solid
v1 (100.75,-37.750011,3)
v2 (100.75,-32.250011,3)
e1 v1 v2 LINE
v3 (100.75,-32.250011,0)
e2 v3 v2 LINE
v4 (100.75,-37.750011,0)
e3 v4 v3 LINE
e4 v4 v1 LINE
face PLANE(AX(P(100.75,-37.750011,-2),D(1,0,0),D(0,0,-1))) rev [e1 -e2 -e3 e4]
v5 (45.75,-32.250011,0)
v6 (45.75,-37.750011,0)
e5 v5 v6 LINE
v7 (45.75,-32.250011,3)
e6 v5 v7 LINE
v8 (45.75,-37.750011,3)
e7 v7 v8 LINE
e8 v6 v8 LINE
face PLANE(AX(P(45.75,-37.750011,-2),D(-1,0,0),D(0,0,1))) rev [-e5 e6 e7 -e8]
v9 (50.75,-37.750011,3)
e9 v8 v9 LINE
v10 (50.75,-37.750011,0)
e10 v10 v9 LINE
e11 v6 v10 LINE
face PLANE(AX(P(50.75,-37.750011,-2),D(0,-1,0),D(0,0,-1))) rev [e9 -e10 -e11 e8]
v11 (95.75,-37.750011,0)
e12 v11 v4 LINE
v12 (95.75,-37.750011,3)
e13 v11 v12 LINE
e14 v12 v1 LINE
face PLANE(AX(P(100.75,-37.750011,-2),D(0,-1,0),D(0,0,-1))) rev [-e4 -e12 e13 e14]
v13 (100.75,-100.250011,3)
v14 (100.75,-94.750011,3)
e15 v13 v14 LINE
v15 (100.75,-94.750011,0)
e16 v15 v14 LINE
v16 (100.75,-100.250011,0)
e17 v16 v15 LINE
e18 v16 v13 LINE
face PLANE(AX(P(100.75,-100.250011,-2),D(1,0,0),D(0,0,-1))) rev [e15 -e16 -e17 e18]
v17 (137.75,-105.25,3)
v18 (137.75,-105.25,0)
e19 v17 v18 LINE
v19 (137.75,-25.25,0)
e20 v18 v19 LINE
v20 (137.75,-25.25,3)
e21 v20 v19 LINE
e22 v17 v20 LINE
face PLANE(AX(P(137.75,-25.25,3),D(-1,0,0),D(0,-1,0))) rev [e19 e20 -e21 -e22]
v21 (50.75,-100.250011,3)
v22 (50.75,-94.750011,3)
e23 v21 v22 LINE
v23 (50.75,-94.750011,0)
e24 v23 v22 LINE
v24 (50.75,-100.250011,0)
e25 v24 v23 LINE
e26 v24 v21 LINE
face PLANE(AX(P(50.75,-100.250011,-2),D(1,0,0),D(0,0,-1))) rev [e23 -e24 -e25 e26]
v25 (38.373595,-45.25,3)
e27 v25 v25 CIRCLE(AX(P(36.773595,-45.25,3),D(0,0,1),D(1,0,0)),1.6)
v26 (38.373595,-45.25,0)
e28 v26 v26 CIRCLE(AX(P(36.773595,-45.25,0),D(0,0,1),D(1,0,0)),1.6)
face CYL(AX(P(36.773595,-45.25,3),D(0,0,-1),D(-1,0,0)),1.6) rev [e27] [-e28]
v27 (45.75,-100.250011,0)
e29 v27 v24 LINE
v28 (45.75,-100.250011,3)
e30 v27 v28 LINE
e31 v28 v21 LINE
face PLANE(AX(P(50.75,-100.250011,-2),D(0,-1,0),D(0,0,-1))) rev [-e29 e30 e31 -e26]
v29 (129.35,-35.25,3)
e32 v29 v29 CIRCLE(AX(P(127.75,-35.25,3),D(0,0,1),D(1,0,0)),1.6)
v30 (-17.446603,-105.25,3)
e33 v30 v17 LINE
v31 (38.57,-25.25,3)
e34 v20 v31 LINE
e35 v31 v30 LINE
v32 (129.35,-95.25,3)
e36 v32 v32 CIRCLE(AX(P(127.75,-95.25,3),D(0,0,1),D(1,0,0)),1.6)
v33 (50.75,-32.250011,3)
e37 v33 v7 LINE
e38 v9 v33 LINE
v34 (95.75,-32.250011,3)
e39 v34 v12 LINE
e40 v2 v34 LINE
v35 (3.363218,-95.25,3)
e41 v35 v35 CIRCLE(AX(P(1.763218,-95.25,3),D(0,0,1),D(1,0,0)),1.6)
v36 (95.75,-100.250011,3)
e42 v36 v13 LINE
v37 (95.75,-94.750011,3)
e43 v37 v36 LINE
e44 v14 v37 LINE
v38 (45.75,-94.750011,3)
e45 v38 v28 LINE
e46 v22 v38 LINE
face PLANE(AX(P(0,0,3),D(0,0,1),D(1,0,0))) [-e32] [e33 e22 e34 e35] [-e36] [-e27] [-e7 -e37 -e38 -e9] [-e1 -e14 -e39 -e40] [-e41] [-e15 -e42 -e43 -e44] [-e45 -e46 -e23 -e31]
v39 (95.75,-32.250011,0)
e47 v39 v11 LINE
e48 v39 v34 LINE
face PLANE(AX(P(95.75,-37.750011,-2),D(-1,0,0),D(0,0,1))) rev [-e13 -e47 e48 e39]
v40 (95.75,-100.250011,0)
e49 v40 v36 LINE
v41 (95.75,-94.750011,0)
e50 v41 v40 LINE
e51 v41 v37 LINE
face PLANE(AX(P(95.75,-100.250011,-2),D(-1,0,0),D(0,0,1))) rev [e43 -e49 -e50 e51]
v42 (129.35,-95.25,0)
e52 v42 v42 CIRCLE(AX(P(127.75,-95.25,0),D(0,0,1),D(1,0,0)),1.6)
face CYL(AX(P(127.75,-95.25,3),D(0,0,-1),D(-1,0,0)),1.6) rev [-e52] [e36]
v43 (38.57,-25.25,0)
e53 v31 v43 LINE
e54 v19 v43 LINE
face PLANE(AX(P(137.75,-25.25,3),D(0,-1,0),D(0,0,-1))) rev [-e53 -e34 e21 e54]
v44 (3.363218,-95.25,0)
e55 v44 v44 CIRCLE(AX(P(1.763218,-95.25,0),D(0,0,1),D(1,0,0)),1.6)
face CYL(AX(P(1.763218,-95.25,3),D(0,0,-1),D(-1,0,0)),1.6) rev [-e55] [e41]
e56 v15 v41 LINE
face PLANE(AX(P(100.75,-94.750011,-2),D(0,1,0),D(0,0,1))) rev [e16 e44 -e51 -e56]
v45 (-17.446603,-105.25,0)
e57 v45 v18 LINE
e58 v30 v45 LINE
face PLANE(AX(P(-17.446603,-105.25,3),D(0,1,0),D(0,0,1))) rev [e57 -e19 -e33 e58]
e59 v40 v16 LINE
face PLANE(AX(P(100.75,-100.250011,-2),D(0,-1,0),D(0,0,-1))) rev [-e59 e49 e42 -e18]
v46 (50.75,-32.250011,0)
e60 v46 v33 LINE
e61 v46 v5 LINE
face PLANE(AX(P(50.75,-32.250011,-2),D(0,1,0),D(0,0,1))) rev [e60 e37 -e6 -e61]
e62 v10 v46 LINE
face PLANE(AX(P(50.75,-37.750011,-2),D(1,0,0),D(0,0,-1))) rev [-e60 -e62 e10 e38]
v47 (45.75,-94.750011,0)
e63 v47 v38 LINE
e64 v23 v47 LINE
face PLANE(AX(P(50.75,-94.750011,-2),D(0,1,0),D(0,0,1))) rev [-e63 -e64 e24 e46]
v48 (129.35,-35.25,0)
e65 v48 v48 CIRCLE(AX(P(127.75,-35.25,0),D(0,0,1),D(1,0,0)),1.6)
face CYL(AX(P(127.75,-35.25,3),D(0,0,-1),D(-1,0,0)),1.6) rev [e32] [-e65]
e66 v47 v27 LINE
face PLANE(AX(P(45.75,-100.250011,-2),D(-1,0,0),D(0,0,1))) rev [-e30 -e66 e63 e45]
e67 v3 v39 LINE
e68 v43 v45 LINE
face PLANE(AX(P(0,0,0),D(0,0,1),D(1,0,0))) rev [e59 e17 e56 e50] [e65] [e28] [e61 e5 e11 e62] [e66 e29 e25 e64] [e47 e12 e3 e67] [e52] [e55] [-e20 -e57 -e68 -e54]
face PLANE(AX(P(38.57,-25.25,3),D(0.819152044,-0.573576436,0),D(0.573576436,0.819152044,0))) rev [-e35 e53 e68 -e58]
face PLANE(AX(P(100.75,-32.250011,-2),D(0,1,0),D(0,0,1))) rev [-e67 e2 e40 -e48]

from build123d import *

# Parameters (mm, degrees)
SKETCH_1_R             = 1.6
EXTRUDE_2_DEPTH        = 3
SKETCH_2_W             = 5
SKETCH_2_H             = 5.5
CUT_EXTRUDE_1_DEPTH    = 5
PATTERN_LINEAR_1_COUNT = 2
PATTERN_LINEAR_1_PITCH = 62.5


with BuildPart() as part:
    # 草图1 → 凸台-拉伸2 (new body)
    with BuildSketch(Plane.XY):
        Polygon((137.75, -25.25), (38.57, -25.25), (-17.446603057, -105.25), (137.75, -105.25), align=None)
        with Locations((36.773595123, -45.25)):
            Circle(SKETCH_1_R, mode=Mode.SUBTRACT)
        with Locations((1.763218213, -95.25)):
            Circle(SKETCH_1_R, mode=Mode.SUBTRACT)
        with Locations((127.75, -35.25)):
            Circle(SKETCH_1_R, mode=Mode.SUBTRACT)
        with Locations((127.75, -95.25)):
            Circle(SKETCH_1_R, mode=Mode.SUBTRACT)
    extrude(amount=EXTRUDE_2_DEPTH)

    # 草图2 → 切除-拉伸1 (cut)
    with BuildSketch(Plane.XY.offset(3)):
        with Locations((98.25, -97.500011017)):
            Rectangle(SKETCH_2_W, SKETCH_2_H)
        with Locations((48.25, -97.500011017)):
            Rectangle(SKETCH_2_W, SKETCH_2_H)
    cut_extrude_1 = extrude(amount=-CUT_EXTRUDE_1_DEPTH, mode=Mode.SUBTRACT)

    # 阵列(线性)1: 切除-拉伸1 ×2
    with Locations(*[(0, i * PATTERN_LINEAR_1_PITCH, 0) for i in range(1, PATTERN_LINEAR_1_COUNT)]):
        add(cut_extrude_1, mode=Mode.SUBTRACT)


solid = part.part
